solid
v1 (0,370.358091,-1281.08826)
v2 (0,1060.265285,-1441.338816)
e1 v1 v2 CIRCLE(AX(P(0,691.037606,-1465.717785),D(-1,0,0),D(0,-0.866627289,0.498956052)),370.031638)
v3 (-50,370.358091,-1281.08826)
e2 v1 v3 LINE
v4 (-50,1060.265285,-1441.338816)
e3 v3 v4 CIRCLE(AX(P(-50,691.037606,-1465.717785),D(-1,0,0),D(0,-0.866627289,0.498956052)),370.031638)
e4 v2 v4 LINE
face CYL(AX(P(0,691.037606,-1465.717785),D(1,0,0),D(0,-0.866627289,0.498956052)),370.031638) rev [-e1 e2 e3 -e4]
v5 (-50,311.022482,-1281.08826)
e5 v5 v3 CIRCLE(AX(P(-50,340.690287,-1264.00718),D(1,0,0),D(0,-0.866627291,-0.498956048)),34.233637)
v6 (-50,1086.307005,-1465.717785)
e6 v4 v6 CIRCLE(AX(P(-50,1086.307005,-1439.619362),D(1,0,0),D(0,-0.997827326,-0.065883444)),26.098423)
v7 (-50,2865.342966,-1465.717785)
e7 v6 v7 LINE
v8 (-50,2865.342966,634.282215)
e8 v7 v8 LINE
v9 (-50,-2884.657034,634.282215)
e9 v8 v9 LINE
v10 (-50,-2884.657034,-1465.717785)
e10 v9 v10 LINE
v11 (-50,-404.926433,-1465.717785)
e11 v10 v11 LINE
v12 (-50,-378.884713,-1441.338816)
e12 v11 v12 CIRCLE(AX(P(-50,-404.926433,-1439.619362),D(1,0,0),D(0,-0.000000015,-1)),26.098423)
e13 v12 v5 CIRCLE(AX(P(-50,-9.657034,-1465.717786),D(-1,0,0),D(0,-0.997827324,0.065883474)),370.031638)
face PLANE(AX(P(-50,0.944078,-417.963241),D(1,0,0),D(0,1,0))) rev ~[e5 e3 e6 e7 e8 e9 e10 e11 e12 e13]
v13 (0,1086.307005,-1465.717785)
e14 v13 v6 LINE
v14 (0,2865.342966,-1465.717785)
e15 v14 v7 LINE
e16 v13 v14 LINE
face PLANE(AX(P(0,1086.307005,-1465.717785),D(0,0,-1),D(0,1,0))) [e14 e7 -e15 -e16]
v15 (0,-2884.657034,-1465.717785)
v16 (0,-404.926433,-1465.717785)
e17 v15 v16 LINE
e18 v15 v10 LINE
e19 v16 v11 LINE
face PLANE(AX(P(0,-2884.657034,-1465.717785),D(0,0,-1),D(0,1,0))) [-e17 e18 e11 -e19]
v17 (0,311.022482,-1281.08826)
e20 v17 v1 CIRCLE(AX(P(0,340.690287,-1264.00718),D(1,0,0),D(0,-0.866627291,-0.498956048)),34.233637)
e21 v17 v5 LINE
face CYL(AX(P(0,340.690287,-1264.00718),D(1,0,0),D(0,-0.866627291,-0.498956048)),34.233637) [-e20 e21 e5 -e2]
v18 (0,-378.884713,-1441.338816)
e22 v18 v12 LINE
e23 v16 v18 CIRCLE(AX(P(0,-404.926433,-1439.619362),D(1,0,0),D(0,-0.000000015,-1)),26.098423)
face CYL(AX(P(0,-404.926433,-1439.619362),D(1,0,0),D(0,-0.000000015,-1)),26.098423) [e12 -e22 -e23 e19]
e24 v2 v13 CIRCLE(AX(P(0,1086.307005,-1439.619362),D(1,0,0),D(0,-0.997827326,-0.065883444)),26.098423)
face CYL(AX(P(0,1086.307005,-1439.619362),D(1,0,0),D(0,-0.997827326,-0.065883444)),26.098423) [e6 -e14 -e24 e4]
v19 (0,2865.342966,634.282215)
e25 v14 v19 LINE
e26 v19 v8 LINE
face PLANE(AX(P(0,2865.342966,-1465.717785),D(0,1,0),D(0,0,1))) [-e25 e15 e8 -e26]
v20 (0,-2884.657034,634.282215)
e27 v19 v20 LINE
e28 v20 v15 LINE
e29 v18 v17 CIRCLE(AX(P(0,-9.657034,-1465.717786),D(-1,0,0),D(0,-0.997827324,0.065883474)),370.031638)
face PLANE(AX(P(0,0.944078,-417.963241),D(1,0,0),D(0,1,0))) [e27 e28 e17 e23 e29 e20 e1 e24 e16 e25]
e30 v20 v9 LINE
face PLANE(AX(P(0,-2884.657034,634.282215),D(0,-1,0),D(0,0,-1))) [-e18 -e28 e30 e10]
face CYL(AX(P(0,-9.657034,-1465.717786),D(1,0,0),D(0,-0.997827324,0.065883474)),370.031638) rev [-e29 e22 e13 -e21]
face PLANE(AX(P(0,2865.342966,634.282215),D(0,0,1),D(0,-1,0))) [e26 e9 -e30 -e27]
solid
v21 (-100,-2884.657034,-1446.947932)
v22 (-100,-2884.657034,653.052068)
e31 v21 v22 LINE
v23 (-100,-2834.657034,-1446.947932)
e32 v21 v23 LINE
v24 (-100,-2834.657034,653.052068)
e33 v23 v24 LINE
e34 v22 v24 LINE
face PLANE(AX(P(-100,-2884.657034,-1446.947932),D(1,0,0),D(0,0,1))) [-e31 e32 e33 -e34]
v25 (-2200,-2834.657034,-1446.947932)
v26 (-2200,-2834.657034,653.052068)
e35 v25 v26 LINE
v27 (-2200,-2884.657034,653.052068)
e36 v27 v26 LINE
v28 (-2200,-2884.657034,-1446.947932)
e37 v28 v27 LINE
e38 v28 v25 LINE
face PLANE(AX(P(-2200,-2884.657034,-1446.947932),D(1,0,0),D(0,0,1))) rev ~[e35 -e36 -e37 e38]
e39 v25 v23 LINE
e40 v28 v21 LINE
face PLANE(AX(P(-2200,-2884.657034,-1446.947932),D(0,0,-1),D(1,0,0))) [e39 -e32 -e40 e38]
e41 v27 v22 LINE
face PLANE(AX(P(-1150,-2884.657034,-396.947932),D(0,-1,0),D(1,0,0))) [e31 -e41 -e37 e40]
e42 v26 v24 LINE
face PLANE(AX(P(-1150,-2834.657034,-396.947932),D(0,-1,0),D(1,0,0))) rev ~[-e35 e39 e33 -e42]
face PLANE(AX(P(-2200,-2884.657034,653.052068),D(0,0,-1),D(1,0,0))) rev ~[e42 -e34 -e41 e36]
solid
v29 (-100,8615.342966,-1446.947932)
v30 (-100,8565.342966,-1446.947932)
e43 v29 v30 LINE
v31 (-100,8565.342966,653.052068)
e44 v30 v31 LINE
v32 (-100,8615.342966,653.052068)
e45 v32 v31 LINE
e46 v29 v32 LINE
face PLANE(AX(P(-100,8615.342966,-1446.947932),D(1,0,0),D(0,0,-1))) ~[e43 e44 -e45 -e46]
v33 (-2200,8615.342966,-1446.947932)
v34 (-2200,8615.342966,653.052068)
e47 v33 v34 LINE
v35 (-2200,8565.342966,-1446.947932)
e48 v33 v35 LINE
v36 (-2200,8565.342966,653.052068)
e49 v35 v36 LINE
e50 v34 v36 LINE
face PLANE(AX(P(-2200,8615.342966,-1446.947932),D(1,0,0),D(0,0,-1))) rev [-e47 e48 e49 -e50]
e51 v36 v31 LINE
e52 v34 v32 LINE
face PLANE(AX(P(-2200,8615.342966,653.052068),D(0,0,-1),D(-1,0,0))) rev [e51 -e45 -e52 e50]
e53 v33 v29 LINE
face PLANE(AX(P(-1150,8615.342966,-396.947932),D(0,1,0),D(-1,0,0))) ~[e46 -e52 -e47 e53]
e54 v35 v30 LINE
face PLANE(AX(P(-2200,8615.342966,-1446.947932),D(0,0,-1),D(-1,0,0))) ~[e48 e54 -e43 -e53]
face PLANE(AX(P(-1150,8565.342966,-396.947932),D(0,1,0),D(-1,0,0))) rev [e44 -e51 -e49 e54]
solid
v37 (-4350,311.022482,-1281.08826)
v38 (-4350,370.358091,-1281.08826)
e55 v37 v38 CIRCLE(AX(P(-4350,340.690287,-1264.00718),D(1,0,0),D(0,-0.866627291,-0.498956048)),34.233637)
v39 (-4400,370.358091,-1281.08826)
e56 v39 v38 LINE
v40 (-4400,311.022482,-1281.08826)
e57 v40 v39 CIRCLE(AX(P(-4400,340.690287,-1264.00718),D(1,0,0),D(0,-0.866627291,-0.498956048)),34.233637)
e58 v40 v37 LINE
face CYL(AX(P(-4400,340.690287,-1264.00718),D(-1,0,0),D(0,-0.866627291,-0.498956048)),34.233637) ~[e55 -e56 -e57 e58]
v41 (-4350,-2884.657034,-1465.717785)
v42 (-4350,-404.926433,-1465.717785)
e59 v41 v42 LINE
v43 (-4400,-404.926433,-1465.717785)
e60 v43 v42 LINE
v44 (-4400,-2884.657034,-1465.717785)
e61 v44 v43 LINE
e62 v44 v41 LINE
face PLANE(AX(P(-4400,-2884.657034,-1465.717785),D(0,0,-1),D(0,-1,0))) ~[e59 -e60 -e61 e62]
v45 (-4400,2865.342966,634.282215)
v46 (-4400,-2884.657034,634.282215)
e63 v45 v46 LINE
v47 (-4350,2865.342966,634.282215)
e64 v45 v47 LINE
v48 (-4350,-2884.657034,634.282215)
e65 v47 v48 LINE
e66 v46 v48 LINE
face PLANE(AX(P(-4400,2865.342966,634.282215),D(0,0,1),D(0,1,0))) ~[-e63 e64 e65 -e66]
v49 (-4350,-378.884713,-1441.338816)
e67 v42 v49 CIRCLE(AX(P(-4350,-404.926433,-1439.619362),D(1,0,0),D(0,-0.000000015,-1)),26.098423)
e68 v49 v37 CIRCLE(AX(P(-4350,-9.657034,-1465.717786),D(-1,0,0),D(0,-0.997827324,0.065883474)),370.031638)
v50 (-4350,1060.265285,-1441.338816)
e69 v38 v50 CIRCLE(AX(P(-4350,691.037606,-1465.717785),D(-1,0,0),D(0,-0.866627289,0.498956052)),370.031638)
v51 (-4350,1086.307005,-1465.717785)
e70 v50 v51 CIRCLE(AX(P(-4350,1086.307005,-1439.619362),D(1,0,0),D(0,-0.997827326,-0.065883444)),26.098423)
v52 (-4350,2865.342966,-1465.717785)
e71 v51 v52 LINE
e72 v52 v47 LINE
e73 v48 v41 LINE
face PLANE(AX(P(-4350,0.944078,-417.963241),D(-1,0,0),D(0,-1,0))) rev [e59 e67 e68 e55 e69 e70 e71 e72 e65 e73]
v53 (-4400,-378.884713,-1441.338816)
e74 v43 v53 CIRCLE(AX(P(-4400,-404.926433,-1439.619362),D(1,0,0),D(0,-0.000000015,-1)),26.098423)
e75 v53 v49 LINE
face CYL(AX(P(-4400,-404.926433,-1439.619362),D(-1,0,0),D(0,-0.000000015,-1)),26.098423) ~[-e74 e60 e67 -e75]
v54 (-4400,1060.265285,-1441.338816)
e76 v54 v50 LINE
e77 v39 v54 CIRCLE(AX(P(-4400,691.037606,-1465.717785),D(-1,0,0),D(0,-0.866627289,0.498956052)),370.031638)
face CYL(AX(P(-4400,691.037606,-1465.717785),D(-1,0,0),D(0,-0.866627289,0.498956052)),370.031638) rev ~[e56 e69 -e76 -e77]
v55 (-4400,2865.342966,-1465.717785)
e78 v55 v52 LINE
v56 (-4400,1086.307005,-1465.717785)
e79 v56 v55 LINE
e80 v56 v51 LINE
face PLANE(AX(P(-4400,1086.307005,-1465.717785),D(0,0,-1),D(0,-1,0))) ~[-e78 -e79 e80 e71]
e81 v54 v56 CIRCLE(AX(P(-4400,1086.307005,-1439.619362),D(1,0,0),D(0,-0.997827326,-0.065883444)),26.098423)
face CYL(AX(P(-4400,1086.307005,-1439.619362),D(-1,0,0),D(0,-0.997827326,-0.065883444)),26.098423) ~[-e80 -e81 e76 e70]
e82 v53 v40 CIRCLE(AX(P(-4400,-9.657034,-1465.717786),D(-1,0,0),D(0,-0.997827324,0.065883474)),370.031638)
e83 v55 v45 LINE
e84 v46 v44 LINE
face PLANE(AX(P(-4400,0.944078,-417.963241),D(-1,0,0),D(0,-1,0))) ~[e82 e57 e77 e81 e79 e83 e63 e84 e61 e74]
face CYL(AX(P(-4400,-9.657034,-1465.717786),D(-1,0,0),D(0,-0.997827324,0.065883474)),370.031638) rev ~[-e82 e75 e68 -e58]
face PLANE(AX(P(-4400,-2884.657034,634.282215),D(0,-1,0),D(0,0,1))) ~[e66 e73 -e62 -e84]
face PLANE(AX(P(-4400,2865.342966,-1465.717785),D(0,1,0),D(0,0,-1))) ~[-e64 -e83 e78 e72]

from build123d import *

# Parameters (mm, degrees)
F1_DEPTH = 50
F2_W     = 2100
F2_H     = 2100
F3_DEPTH = 50


with BuildPart() as f1:
    # F0 (on Right) → F1 (new body)
    with BuildSketch(Plane.YZ):
        with BuildLine():
            Line((1086.307005, -1465.717785), (2865.342966, -1465.717785))
            Line((2865.342966, -1465.717785), (2865.342966, 634.282215))
            Line((2865.342966, 634.282215), (-2884.657034, 634.282215))
            Line((-2884.657034, 634.282215), (-2884.657034, -1465.717785))
            Line((-2884.657034, -1465.717785), (-404.926433, -1465.717785))
            ThreePointArc((-404.926433, -1465.717785), (-387.090337, -1458.671957), (-378.884713, -1441.338816))
            ThreePointArc((-378.884713, -1441.338816), (-93.378544, -1105.281769), (311.022482, -1281.08826))
            ThreePointArc((311.022482, -1281.08826), (340.690286, -1298.240817), (370.358091, -1281.08826))
            ThreePointArc((370.358091, -1281.08826), (774.759116, -1105.281769), (1060.265285, -1441.338816))
            ThreePointArc((1060.265285, -1441.338816), (1068.470909, -1458.671957), (1086.307005, -1465.717785))
        make_face()
    extrude(amount=-F1_DEPTH)


with BuildPart() as f3:
    # F2 (on face) → F3 (new body)
    with BuildSketch(Plane.XZ.offset(2884.657034)):
        with Locations((-1150, -396.947932)):
            Rectangle(F2_W, F2_H)
    extrude(amount=-F3_DEPTH)


with BuildPart() as f4_1:
    # F4: instance of F1
    add(f1.part.mirror(Plane(origin=(-2200, -2859.657034, -396.947932), x_dir=(0, -1, 0), z_dir=(-1, 0, 0))))


with BuildPart() as f5_1:
    # F5: instance of F3
    add(f3.part.mirror(Plane(origin=(-25, 2865.342966, -415.717785), x_dir=(-1, 0, 0), z_dir=(0, 1, 0))))


solid = Compound([f1.part, f3.part, f4_1.part, f5_1.part])
